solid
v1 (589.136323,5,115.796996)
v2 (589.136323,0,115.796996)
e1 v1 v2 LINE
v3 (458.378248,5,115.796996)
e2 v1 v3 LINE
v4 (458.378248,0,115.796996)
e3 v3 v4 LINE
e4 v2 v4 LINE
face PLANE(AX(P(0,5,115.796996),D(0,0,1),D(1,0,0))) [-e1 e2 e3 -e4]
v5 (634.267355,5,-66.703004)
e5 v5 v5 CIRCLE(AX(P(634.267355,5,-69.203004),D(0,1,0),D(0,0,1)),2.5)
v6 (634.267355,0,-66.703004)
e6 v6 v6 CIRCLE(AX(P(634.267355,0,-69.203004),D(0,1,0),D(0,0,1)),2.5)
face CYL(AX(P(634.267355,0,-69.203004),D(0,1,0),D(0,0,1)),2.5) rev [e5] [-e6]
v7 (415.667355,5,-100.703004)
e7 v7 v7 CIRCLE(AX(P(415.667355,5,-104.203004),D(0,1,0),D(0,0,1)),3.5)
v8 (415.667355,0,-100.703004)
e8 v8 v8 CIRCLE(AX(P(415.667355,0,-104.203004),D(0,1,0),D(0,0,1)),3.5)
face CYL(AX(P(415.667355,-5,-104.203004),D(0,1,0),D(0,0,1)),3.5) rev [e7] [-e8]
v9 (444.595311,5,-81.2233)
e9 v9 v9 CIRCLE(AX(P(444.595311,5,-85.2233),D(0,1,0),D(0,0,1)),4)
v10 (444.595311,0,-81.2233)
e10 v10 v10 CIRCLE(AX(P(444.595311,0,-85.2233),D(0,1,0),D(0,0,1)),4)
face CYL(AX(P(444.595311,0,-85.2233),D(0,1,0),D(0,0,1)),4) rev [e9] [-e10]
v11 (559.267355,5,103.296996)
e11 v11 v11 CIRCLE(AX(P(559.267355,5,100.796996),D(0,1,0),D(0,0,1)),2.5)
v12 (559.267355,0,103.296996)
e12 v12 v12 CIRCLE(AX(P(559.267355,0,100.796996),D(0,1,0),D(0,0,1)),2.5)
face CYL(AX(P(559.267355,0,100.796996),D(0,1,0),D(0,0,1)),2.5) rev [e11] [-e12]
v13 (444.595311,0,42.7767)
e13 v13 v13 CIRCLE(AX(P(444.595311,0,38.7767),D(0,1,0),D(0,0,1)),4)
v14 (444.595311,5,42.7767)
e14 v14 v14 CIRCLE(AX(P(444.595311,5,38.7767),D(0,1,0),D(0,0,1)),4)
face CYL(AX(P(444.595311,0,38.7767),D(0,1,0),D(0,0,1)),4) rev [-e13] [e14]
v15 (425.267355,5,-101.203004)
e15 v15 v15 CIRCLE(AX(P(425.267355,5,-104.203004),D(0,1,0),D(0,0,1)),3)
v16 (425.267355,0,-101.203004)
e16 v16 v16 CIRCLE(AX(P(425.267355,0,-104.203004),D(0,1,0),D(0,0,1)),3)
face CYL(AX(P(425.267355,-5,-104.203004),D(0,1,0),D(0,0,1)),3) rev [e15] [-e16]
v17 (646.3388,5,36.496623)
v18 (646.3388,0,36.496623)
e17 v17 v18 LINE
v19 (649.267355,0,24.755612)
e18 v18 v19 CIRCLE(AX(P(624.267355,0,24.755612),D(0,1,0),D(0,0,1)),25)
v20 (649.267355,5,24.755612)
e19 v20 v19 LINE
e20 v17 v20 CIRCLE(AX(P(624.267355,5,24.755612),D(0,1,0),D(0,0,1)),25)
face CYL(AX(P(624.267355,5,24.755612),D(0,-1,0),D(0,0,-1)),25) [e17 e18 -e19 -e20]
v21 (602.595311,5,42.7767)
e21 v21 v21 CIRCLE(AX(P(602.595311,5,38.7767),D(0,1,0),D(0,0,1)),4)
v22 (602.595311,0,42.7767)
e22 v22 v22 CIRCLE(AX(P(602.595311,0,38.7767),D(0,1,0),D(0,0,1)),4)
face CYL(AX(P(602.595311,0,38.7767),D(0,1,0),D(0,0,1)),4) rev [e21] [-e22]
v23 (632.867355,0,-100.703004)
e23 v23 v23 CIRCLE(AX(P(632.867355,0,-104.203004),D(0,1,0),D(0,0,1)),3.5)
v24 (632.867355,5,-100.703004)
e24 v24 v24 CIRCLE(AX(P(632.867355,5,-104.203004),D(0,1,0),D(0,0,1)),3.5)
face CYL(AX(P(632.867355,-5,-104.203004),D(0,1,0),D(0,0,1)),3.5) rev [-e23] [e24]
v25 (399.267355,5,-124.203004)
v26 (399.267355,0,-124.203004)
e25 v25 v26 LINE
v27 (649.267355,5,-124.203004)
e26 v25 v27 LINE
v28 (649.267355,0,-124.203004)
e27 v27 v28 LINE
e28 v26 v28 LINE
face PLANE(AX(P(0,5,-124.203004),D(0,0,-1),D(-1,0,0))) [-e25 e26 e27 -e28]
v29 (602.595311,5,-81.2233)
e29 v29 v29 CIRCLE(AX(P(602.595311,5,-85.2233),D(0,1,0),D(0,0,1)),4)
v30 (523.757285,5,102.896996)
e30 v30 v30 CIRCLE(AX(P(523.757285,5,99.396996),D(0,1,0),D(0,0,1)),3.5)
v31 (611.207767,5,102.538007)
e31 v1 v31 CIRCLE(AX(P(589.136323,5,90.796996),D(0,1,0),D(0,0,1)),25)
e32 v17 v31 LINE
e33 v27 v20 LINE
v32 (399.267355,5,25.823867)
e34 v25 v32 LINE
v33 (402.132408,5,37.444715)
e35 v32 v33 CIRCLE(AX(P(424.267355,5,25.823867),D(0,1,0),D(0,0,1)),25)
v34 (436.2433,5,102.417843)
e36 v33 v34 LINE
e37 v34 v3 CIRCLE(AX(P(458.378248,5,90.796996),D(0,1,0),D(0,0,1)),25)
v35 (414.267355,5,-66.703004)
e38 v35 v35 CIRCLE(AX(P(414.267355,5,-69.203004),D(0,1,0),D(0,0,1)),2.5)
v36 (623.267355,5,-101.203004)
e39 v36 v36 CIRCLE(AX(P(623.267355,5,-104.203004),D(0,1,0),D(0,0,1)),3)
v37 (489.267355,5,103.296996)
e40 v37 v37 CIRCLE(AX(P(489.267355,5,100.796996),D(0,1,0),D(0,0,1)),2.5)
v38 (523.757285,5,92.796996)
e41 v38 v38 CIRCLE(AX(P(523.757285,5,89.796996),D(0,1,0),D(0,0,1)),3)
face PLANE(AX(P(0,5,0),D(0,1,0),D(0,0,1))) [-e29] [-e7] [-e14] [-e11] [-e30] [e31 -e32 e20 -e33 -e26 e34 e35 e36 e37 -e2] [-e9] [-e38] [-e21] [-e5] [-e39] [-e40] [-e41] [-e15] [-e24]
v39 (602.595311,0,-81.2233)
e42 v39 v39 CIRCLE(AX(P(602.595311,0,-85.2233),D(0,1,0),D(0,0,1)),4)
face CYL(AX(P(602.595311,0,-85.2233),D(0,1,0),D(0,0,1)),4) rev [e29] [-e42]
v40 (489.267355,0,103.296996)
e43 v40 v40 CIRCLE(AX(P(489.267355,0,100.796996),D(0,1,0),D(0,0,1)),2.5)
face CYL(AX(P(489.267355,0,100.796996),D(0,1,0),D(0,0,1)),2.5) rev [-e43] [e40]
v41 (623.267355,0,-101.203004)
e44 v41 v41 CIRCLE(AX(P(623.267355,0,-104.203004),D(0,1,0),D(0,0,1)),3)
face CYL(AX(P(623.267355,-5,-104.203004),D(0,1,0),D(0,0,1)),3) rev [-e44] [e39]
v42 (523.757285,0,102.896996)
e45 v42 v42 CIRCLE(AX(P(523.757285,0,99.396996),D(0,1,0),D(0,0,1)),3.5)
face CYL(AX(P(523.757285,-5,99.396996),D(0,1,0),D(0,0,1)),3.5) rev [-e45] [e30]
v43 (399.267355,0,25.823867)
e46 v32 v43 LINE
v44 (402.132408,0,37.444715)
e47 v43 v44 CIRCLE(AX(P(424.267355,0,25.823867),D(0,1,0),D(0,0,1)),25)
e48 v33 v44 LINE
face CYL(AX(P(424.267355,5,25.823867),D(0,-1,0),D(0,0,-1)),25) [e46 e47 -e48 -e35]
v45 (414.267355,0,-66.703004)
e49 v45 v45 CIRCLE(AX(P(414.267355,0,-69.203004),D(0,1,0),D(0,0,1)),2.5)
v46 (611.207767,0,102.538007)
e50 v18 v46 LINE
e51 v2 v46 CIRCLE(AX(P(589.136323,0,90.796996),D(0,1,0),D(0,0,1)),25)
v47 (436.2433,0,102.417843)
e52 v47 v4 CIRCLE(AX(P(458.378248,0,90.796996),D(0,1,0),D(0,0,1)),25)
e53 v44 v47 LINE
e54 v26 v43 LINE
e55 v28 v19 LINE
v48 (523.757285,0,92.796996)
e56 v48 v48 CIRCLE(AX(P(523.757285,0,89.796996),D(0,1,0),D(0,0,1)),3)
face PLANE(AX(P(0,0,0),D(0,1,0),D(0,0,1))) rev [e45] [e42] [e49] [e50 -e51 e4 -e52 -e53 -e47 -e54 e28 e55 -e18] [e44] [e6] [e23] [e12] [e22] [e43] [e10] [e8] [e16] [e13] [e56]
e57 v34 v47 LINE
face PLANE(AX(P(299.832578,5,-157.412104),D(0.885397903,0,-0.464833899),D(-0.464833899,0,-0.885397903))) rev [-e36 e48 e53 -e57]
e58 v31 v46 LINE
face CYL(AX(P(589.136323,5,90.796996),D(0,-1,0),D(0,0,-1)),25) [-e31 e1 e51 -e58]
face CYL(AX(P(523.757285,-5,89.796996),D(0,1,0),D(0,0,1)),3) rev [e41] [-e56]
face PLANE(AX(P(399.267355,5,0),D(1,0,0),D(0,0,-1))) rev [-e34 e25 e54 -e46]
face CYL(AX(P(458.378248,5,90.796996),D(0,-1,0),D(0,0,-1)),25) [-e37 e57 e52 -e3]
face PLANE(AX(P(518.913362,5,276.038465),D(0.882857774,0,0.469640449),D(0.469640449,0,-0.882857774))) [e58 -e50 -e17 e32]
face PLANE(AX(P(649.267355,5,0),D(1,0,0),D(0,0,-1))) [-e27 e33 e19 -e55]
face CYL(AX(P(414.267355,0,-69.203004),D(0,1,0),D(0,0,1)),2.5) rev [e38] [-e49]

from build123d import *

# Parameters (mm, degrees)
RESSALTO_EXTRUS_O4_DEPTH = 5
ESBO_O2_R                = 2.5
CORTE_EXTRUS_O1_DEPTH    = 5
ESBO_O3_R                = 4
CORTE_EXTRUS_O2_DEPTH    = 5
ESBO_O4_R                = 3.5
ESBO_O4_R_2              = 3
CORTE_EXTRUS_O3_DEPTH    = 10


with BuildPart() as part:
    # Esboço1 → Ressalto-extrusão4 (new body)
    with BuildSketch(Plane(origin=(0, 0, 0), x_dir=(1, 0, 0), z_dir=(0, 1, 0))):
        with BuildLine():
            Line((649.267355398, 124.203004206), (399.267355398, 124.203004206))
            Line((399.267355398, 124.203004206), (399.267355398, 84.203004206))
            Line((399.267355398, 84.203004206), (399.267355398, -25.823867232))
            ThreePointArc((399.267355398, -25.823867232), (399.994184105, -31.80827659), (402.132407827, -37.444714707))
            Line((402.132407827, -37.444714707), (436.243300323, -102.417843269))
            ThreePointArc((436.243300323, -102.417843269), (445.44614031, -112.192336255), (458.378247894, -115.796995794))
            Line((458.378247894, -115.796995794), (504.267355398, -115.796995794))
            Line((504.267355398, -115.796995794), (544.267355398, -115.796995794))
            Line((544.267355398, -115.796995794), (589.136322684, -115.796995794))
            ThreePointArc((589.136322684, -115.796995794), (602.010224955, -112.227409704), (611.207767027, -102.53800702))
            Line((611.207767027, -102.53800702), (646.338799741, -36.496622823))
            ThreePointArc((646.338799741, -36.496622823), (648.524169993, -30.805979), (649.267355398, -24.755611597))
            Line((649.267355398, -24.755611597), (649.267355398, 84.203004206))
            Line((649.267355398, 84.203004206), (649.267355398, 124.203004206))
        make_face()
    extrude(amount=RESSALTO_EXTRUS_O4_DEPTH)

    # Esboço2 → Corte-extrusão1 (cut)
    with BuildSketch(Plane(origin=(0, 5, 0), x_dir=(1, 0, 0), z_dir=(0, 1, 0))):
        with Locations(Location((559.267355398, -100.796995794, 0), (0, 0, 270))):
            Circle(ESBO_O2_R)
        with Locations(Location((489.267355398, -100.796995794, 0), (0, 0, 270))):
            Circle(ESBO_O2_R)
        with Locations(Location((634.267355398, 69.203004206, 0), (0, 0, 270))):
            Circle(ESBO_O2_R)
        with Locations(Location((414.267355398, 69.203004206, 0), (0, 0, 270))):
            Circle(ESBO_O2_R)
    extrude(amount=-CORTE_EXTRUS_O1_DEPTH, mode=Mode.SUBTRACT)

    # Esboço3 → Corte-extrusão2 (cut)
    with BuildSketch(Plane(origin=(0, 5, 0), x_dir=(1, 0, 0), z_dir=(0, 1, 0))):
        with Locations(Location((602.59531099, 85.223299861, 0), (0, 0, 270))):
            Circle(ESBO_O3_R)
        with Locations(Location((444.59531099, 85.223299861, 0), (0, 0, 270))):
            Circle(ESBO_O3_R)
        with Locations(Location((602.59531099, -38.776700139, 0), (0, 0, 270))):
            Circle(ESBO_O3_R)
        with Locations(Location((444.59531099, -38.776700139, 0), (0, 0, 270))):
            Circle(ESBO_O3_R)
    extrude(amount=-CORTE_EXTRUS_O2_DEPTH, mode=Mode.SUBTRACT)

    # Esboço4 → Corte-extrusão3 (cut)
    with BuildSketch(Plane(origin=(0, 5, 0), x_dir=(1, 0, 0), z_dir=(0, 1, 0))):
        with Locations(Location((523.757285289, -99.396995794, 0), (0, 0, 270))):
            Circle(ESBO_O4_R)
        with Locations(Location((632.867355398, 104.203004206, 0), (0, 0, 270))):
            Circle(ESBO_O4_R)
        with Locations(Location((415.667355398, 104.203004206, 0), (0, 0, 270))):
            Circle(ESBO_O4_R)
        with Locations(Location((623.267355398, 104.203004206, 0), (0, 0, 270))):
            Circle(ESBO_O4_R_2)
        with Locations(Location((425.267355398, 104.203004206, 0), (0, 0, 270))):
            Circle(ESBO_O4_R_2)
        with Locations(Location((523.757285289, -89.796995794, 0), (0, 0, 270))):
            Circle(ESBO_O4_R_2)
    extrude(amount=-CORTE_EXTRUS_O3_DEPTH, mode=Mode.SUBTRACT)


solid = part.part
